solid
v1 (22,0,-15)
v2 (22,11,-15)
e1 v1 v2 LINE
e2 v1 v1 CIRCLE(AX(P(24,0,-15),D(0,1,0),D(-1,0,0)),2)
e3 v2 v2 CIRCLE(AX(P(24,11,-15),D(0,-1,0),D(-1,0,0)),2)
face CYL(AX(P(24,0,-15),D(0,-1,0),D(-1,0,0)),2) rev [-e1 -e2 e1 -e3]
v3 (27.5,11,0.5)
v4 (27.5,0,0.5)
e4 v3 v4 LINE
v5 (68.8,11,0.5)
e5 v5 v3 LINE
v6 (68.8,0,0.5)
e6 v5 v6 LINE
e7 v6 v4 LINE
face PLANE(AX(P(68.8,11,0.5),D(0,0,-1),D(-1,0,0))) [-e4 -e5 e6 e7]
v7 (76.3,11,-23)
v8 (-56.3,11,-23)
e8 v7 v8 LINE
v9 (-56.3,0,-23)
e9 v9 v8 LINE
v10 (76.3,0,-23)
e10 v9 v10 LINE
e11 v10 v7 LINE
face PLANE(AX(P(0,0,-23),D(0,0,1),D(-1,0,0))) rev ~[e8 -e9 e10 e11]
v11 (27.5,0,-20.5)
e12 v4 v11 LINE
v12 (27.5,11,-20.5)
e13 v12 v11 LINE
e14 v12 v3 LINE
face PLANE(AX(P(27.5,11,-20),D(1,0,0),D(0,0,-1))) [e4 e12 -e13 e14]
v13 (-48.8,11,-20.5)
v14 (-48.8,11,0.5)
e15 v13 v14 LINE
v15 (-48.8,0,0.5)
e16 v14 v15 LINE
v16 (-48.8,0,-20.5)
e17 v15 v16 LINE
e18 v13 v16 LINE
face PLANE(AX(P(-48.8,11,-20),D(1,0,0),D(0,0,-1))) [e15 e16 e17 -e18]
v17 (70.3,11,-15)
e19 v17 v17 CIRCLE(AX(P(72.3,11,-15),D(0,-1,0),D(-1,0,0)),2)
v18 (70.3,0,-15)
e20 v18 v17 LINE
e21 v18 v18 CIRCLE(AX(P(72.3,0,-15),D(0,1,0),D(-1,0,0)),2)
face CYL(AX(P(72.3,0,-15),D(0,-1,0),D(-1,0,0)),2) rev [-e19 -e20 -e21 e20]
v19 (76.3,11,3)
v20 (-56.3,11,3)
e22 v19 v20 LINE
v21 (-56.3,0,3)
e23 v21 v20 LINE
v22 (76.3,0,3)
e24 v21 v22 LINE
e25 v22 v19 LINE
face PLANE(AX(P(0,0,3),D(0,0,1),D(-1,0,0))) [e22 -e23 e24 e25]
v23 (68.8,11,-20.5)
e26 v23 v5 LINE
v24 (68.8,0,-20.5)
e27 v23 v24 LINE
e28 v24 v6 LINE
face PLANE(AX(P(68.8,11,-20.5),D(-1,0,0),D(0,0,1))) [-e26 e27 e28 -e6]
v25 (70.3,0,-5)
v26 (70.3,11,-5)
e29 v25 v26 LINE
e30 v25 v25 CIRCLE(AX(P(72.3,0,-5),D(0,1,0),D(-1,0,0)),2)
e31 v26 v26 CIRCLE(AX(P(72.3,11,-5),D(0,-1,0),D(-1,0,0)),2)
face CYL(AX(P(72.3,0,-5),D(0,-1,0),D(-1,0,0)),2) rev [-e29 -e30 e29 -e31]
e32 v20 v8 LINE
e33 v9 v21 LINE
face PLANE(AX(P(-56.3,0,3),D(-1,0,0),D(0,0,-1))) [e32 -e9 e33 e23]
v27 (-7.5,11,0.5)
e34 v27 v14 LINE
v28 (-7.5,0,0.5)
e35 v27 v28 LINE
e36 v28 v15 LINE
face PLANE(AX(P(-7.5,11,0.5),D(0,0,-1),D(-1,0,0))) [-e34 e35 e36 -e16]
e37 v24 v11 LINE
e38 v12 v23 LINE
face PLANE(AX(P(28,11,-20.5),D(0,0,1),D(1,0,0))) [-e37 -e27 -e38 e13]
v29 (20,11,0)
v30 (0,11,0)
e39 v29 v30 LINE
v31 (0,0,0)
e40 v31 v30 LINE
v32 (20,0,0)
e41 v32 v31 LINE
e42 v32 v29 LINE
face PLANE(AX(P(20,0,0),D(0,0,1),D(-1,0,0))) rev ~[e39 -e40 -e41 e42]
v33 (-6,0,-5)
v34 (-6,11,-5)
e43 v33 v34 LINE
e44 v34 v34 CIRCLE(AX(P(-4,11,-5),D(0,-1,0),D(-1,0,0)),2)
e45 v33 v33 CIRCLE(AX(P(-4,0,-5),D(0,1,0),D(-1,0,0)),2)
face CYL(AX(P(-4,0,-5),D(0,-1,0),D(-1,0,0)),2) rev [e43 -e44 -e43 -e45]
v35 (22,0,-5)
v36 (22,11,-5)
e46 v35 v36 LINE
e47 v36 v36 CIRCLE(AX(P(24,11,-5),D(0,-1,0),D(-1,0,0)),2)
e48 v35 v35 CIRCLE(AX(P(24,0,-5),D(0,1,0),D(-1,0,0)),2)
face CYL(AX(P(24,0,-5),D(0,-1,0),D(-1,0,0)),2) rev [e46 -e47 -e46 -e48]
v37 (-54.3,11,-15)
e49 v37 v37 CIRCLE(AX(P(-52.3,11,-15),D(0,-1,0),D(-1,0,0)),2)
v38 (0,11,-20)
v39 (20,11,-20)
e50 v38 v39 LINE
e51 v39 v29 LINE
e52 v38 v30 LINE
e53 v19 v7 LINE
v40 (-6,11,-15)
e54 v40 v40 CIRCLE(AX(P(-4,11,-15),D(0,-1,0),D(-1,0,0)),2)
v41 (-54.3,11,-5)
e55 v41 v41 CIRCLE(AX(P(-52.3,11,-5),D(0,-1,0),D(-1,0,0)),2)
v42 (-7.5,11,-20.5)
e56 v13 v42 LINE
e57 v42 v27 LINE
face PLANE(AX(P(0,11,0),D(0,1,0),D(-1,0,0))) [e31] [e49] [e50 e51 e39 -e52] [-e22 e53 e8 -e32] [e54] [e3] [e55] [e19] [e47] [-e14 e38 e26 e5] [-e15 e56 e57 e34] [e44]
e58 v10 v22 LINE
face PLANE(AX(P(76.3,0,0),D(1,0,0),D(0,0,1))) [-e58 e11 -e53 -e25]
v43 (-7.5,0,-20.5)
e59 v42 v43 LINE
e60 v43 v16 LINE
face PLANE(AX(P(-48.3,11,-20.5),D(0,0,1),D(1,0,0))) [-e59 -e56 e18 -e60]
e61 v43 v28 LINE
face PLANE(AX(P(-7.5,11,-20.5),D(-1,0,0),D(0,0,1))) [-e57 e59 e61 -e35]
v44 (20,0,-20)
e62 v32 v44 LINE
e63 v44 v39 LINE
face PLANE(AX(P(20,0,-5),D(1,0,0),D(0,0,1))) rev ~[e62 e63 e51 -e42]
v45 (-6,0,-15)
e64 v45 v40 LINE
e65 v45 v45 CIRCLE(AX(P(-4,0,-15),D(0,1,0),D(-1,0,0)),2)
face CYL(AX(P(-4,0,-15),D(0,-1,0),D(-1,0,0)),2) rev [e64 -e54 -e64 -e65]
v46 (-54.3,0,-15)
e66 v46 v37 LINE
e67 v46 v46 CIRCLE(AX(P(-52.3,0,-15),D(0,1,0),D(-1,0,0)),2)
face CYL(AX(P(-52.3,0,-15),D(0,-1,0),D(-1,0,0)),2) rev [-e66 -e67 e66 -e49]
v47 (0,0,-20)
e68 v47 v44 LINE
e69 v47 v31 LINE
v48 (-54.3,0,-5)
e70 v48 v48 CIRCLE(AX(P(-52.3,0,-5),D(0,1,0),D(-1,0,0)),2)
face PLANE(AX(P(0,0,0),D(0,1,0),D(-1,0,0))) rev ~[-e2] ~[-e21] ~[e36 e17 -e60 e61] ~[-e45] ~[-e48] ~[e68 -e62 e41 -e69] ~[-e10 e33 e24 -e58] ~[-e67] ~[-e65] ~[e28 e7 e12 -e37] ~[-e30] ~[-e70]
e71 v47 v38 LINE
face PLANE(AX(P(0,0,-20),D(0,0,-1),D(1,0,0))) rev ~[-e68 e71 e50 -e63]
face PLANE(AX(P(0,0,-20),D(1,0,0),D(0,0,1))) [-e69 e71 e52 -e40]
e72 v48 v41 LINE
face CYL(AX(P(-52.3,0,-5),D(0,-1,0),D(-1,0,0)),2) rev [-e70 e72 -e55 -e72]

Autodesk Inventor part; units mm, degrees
ref_plane "YZ Plane" through (0, 0, 0) normal (1, 0, 0) x (0, 1, 0)
ref_plane "XZ Plane" through (0, 0, 0) normal (0, 1, 0) x (-1, 0, 0)
ref_plane "XY Plane" through (0, 0, 0) normal (0, 0, 1) x (1, 0, 0)
sketch "Sketch1" plane through (0, 0, 0) normal (0, 1, 0) x (-1, 0, 0)
  line L0 (0, 0) -> (8, 0)
  line L1 (8, 0) -> (8, -20)
  line L2 (8, -20) -> (0, -20)
  line L3 (0, -20) -> (0, 0)
  line L4 (8, 0) -> (4, 0)
  line L5 (4, 0) -> (4, -5)
  line L6 (4, -5) -> (8, -5)
  line L7 (8, -5) -> (8, 0)
  line L8 (8, -20) -> (4, -20)
  line L9 (4, -20) -> (4, -15)
  line L10 (4, -15) -> (8, -15)
  line L11 (8, -15) -> (8, -20)
  circle A0 centre (4, -5) radius 2
  circle A1 centre (4, -15) radius 2
  line L12 (8, 0) -> (48.3, 0)
  line L13 (48.3, 0) -> (48.3, -20)
  line L14 (48.3, -20) -> (8, -20)
  line L15 (8, -20) -> (8, 0)
  line L16 (48.3, 0) -> (56.3, 0)
  line L17 (56.3, 0) -> (56.3, -20)
  line L18 (56.3, -20) -> (48.3, -20)
  line L19 (48.3, -20) -> (48.3, 0)
  line L20 (56.3, 0) -> (52.3, 0)
  line L21 (52.3, 0) -> (52.3, -5)
  line L22 (52.3, -5) -> (56.3, -5)
  line L23 (56.3, -5) -> (56.3, 0)
  line L24 (56.3, -20) -> (52.3, -20)
  line L25 (52.3, -20) -> (52.3, -15)
  line L26 (52.3, -15) -> (56.3, -15)
  line L27 (56.3, -15) -> (56.3, -20)
  circle A2 centre (52.3, -5) radius 2
  circle A3 centre (52.3, -15) radius 2
  line L28 (56.3, -20) -> (0, -20)
  line L29 (0, -20) -> (0, -23)
  line L30 (0, -23) -> (56.3, -23)
  line L31 (56.3, -23) -> (56.3, -20)
  line L32 (56.3, 0) -> (0, 0)
  line L33 (0, 0) -> (0, 3)
  line L34 (0, 3) -> (56.3, 3)
  line L35 (56.3, 3) -> (56.3, 0)
  line L36 (0, -23) -> (-20, -23)
  line L37 (-20, -23) -> (-20, 3)
  line L38 (0, 3) -> (0, -23)
  line L39 (0, -20) -> (-20, -20)
  line L40 (-20, -20) -> (-20, 0)
  line L41 (-20, 0) -> (0, 0)
  line L42 (0, 0) -> (0, -20)
  line L43 (-20, -20) -> (-28, -20)
  line L44 (-28, -20) -> (-28, 0)
  line L45 (-28, 0) -> (-20, 0)
  line L46 (-20, 0) -> (-20, -20)
  line L47 (-28, -20) -> (-68.3, -20)
  line L48 (-68.3, -20) -> (-68.3, 0)
  line L49 (-68.3, 0) -> (-28, 0)
  line L50 (-28, 0) -> (-28, -20)
  line L51 (-68.3, -20) -> (-76.3, -20)
  line L52 (-76.3, -20) -> (-76.3, 0)
  line L53 (-76.3, 0) -> (-68.3, 0)
  line L54 (-68.3, 0) -> (-68.3, -20)
  line L55 (-20, -20) -> (-76.3, -20)
  line L56 (-76.3, -20) -> (-76.3, -23)
  line L57 (-76.3, -23) -> (-20, -23)
  line L58 (-20, -23) -> (-20, -20)
  line L59 (-20, 0) -> (-76.3, 0)
  line L60 (-76.3, 0) -> (-76.3, 3)
  line L61 (-76.3, 3) -> (-20, 3)
  line L62 (-20, 3) -> (-20, 0)
  line L63 (-20, -20) -> (-24, -20)
  line L64 (-24, -20) -> (-24, -15)
  line L65 (-24, -15) -> (-20, -15)
  line L66 (-20, -15) -> (-20, -20)
  line L67 (-20, 0) -> (-24, 0)
  line L68 (-24, 0) -> (-24, -5)
  line L69 (-24, -5) -> (-20, -5)
  line L70 (-20, -5) -> (-20, 0)
  line L71 (-76.3, -20) -> (-72.3, -20)
  line L72 (-72.3, -20) -> (-72.3, -15)
  line L73 (-72.3, -15) -> (-76.3, -15)
  line L74 (-76.3, -15) -> (-76.3, -20)
  line L75 (-76.3, 0) -> (-72.3, 0)
  line L76 (-72.3, 0) -> (-72.3, -5)
  line L77 (-72.3, -5) -> (-76.3, -5)
  line L78 (-76.3, -5) -> (-76.3, 0)
  circle A4 centre (-24, -15) radius 2
  circle A5 centre (-24, -5) radius 2
  circle A6 centre (-72.3, -15) radius 2
  circle A7 centre (-72.3, -5) radius 2
  line L79 (0, 3) -> (-20, 3)
  point P0 (0, 0)
  point P1 (-28, 0)
  point P2 (-20, 3)
  point P3 (-20, 3)
  point P4 (8, -20)
  point P5 (-20, 3)
  dimension "d0" = 8
  dimension "d1" = 20
  dimension "d2" = 4
  dimension "d3" = 5
  dimension "d4" = 4
  dimension "d5" = 5
  dimension "d6" = 4
  dimension "d7" = 4
  dimension "d8" = 40.3
  dimension "d9" = 8
  dimension "d10" = 4
  dimension "d11" = 5
  dimension "d12" = 4
  dimension "d13" = 5
  dimension "d14" = 4
  dimension "d15" = 4
  dimension "d16" = 3
  dimension "d17" = 3
  dimension "d18" = 20
  dimension "d19" = 8
  dimension "d20" = 40.3
  dimension "d21" = 8
  dimension "d22" = 4
  dimension "d23" = 5
  dimension "d24" = 4
  dimension "d25" = 5
  dimension "d26" = 4
  dimension "d27" = 5
  dimension "d28" = 4
  dimension "d29" = 5
  dimension "d30" = 4
  dimension "d31" = 4
  dimension "d32" = 4
  dimension "d33" = 4
  dimension "d36" = 3
  dimension "d37" = 3
extrude "Extrusion1" add sketch "Sketch1" along normal blind 11 contours L33 L34 L35 L16 L12 L0 | L0 L5 A0 L6 L1 L10 A1 L9 L2 L3 | L41 L37 L79 L33 | L0 L1 L6 A0 L5 | L2 L14 L18 L31 L30 L29 | L29 L36 L37 L39 | L45 L49 L53 L60 L61 L37 | L37 L69 A5 L68 L45 | L9 A1 L10 L1 L2 | L43 L64 A4 L65 L37 | L37 L57 L56 L51 L47 L43 | L37 L65 A4 L64 L43 L44 L45 L68 A5 L69 | L16 L21 A2 L22 L17 L26 A3 L25 L18 L13 | L17 L22 A2 L21 L16 | L18 L25 A3 L26 L17 | L53 L76 A7 L77 L52 | L48 L51 L72 A6 L73 L52 L77 A7 L76 L53 | L52 L73 A6 L72 L51
sketch "Sketch2" plane through (0, 11, 0) normal (0, 1, 0) x (1, 0, 0)
  line L0 (-48.3, 0) -> (-48.3, 20) projected
  line L1 (-48.3, 20) -> (-48.8, 20)
  line L2 (-48.8, 20) -> (-48.8, 20.5)
  line L3 (-48.8, 20.5) -> (-48.3, 20.5)
  line L4 (-48.3, 20.5) -> (-48.3, 20)
  line L5 (-48.8, 20.5) -> (-7.5, 20.5)
  line L6 (-7.5, 20.5) -> (-7.5, -0.5)
  line L7 (-7.5, -0.5) -> (-48.8, -0.5)
  line L8 (-48.8, -0.5) -> (-48.8, 20.5)
  line L9 (28, 0) -> (28, 20) projected
  line L10 (28, 20) -> (27.5, 20)
  line L11 (27.5, 20) -> (27.5, 20.5)
  line L12 (27.5, 20.5) -> (28, 20.5)
  line L13 (28, 20.5) -> (28, 20)
  line L14 (27.5, 20.5) -> (68.8, 20.5)
  line L15 (68.8, 20.5) -> (68.8, -0.5)
  line L16 (68.8, -0.5) -> (27.5, -0.5)
  line L17 (27.5, -0.5) -> (27.5, 20.5)
  point P0 (0, 0)
  dimension "d39" = 0.5
  dimension "d40" = 0.5
  dimension "d41" = 41.3
  dimension "d42" = 21
  dimension "d43" = 0.5
  dimension "d44" = 0.5
  dimension "d45" = 41.3
  dimension "d46" = 21
extrude "Extrusion2" cut sketch "Sketch2" against normal blind 11
properties part number "femur"
